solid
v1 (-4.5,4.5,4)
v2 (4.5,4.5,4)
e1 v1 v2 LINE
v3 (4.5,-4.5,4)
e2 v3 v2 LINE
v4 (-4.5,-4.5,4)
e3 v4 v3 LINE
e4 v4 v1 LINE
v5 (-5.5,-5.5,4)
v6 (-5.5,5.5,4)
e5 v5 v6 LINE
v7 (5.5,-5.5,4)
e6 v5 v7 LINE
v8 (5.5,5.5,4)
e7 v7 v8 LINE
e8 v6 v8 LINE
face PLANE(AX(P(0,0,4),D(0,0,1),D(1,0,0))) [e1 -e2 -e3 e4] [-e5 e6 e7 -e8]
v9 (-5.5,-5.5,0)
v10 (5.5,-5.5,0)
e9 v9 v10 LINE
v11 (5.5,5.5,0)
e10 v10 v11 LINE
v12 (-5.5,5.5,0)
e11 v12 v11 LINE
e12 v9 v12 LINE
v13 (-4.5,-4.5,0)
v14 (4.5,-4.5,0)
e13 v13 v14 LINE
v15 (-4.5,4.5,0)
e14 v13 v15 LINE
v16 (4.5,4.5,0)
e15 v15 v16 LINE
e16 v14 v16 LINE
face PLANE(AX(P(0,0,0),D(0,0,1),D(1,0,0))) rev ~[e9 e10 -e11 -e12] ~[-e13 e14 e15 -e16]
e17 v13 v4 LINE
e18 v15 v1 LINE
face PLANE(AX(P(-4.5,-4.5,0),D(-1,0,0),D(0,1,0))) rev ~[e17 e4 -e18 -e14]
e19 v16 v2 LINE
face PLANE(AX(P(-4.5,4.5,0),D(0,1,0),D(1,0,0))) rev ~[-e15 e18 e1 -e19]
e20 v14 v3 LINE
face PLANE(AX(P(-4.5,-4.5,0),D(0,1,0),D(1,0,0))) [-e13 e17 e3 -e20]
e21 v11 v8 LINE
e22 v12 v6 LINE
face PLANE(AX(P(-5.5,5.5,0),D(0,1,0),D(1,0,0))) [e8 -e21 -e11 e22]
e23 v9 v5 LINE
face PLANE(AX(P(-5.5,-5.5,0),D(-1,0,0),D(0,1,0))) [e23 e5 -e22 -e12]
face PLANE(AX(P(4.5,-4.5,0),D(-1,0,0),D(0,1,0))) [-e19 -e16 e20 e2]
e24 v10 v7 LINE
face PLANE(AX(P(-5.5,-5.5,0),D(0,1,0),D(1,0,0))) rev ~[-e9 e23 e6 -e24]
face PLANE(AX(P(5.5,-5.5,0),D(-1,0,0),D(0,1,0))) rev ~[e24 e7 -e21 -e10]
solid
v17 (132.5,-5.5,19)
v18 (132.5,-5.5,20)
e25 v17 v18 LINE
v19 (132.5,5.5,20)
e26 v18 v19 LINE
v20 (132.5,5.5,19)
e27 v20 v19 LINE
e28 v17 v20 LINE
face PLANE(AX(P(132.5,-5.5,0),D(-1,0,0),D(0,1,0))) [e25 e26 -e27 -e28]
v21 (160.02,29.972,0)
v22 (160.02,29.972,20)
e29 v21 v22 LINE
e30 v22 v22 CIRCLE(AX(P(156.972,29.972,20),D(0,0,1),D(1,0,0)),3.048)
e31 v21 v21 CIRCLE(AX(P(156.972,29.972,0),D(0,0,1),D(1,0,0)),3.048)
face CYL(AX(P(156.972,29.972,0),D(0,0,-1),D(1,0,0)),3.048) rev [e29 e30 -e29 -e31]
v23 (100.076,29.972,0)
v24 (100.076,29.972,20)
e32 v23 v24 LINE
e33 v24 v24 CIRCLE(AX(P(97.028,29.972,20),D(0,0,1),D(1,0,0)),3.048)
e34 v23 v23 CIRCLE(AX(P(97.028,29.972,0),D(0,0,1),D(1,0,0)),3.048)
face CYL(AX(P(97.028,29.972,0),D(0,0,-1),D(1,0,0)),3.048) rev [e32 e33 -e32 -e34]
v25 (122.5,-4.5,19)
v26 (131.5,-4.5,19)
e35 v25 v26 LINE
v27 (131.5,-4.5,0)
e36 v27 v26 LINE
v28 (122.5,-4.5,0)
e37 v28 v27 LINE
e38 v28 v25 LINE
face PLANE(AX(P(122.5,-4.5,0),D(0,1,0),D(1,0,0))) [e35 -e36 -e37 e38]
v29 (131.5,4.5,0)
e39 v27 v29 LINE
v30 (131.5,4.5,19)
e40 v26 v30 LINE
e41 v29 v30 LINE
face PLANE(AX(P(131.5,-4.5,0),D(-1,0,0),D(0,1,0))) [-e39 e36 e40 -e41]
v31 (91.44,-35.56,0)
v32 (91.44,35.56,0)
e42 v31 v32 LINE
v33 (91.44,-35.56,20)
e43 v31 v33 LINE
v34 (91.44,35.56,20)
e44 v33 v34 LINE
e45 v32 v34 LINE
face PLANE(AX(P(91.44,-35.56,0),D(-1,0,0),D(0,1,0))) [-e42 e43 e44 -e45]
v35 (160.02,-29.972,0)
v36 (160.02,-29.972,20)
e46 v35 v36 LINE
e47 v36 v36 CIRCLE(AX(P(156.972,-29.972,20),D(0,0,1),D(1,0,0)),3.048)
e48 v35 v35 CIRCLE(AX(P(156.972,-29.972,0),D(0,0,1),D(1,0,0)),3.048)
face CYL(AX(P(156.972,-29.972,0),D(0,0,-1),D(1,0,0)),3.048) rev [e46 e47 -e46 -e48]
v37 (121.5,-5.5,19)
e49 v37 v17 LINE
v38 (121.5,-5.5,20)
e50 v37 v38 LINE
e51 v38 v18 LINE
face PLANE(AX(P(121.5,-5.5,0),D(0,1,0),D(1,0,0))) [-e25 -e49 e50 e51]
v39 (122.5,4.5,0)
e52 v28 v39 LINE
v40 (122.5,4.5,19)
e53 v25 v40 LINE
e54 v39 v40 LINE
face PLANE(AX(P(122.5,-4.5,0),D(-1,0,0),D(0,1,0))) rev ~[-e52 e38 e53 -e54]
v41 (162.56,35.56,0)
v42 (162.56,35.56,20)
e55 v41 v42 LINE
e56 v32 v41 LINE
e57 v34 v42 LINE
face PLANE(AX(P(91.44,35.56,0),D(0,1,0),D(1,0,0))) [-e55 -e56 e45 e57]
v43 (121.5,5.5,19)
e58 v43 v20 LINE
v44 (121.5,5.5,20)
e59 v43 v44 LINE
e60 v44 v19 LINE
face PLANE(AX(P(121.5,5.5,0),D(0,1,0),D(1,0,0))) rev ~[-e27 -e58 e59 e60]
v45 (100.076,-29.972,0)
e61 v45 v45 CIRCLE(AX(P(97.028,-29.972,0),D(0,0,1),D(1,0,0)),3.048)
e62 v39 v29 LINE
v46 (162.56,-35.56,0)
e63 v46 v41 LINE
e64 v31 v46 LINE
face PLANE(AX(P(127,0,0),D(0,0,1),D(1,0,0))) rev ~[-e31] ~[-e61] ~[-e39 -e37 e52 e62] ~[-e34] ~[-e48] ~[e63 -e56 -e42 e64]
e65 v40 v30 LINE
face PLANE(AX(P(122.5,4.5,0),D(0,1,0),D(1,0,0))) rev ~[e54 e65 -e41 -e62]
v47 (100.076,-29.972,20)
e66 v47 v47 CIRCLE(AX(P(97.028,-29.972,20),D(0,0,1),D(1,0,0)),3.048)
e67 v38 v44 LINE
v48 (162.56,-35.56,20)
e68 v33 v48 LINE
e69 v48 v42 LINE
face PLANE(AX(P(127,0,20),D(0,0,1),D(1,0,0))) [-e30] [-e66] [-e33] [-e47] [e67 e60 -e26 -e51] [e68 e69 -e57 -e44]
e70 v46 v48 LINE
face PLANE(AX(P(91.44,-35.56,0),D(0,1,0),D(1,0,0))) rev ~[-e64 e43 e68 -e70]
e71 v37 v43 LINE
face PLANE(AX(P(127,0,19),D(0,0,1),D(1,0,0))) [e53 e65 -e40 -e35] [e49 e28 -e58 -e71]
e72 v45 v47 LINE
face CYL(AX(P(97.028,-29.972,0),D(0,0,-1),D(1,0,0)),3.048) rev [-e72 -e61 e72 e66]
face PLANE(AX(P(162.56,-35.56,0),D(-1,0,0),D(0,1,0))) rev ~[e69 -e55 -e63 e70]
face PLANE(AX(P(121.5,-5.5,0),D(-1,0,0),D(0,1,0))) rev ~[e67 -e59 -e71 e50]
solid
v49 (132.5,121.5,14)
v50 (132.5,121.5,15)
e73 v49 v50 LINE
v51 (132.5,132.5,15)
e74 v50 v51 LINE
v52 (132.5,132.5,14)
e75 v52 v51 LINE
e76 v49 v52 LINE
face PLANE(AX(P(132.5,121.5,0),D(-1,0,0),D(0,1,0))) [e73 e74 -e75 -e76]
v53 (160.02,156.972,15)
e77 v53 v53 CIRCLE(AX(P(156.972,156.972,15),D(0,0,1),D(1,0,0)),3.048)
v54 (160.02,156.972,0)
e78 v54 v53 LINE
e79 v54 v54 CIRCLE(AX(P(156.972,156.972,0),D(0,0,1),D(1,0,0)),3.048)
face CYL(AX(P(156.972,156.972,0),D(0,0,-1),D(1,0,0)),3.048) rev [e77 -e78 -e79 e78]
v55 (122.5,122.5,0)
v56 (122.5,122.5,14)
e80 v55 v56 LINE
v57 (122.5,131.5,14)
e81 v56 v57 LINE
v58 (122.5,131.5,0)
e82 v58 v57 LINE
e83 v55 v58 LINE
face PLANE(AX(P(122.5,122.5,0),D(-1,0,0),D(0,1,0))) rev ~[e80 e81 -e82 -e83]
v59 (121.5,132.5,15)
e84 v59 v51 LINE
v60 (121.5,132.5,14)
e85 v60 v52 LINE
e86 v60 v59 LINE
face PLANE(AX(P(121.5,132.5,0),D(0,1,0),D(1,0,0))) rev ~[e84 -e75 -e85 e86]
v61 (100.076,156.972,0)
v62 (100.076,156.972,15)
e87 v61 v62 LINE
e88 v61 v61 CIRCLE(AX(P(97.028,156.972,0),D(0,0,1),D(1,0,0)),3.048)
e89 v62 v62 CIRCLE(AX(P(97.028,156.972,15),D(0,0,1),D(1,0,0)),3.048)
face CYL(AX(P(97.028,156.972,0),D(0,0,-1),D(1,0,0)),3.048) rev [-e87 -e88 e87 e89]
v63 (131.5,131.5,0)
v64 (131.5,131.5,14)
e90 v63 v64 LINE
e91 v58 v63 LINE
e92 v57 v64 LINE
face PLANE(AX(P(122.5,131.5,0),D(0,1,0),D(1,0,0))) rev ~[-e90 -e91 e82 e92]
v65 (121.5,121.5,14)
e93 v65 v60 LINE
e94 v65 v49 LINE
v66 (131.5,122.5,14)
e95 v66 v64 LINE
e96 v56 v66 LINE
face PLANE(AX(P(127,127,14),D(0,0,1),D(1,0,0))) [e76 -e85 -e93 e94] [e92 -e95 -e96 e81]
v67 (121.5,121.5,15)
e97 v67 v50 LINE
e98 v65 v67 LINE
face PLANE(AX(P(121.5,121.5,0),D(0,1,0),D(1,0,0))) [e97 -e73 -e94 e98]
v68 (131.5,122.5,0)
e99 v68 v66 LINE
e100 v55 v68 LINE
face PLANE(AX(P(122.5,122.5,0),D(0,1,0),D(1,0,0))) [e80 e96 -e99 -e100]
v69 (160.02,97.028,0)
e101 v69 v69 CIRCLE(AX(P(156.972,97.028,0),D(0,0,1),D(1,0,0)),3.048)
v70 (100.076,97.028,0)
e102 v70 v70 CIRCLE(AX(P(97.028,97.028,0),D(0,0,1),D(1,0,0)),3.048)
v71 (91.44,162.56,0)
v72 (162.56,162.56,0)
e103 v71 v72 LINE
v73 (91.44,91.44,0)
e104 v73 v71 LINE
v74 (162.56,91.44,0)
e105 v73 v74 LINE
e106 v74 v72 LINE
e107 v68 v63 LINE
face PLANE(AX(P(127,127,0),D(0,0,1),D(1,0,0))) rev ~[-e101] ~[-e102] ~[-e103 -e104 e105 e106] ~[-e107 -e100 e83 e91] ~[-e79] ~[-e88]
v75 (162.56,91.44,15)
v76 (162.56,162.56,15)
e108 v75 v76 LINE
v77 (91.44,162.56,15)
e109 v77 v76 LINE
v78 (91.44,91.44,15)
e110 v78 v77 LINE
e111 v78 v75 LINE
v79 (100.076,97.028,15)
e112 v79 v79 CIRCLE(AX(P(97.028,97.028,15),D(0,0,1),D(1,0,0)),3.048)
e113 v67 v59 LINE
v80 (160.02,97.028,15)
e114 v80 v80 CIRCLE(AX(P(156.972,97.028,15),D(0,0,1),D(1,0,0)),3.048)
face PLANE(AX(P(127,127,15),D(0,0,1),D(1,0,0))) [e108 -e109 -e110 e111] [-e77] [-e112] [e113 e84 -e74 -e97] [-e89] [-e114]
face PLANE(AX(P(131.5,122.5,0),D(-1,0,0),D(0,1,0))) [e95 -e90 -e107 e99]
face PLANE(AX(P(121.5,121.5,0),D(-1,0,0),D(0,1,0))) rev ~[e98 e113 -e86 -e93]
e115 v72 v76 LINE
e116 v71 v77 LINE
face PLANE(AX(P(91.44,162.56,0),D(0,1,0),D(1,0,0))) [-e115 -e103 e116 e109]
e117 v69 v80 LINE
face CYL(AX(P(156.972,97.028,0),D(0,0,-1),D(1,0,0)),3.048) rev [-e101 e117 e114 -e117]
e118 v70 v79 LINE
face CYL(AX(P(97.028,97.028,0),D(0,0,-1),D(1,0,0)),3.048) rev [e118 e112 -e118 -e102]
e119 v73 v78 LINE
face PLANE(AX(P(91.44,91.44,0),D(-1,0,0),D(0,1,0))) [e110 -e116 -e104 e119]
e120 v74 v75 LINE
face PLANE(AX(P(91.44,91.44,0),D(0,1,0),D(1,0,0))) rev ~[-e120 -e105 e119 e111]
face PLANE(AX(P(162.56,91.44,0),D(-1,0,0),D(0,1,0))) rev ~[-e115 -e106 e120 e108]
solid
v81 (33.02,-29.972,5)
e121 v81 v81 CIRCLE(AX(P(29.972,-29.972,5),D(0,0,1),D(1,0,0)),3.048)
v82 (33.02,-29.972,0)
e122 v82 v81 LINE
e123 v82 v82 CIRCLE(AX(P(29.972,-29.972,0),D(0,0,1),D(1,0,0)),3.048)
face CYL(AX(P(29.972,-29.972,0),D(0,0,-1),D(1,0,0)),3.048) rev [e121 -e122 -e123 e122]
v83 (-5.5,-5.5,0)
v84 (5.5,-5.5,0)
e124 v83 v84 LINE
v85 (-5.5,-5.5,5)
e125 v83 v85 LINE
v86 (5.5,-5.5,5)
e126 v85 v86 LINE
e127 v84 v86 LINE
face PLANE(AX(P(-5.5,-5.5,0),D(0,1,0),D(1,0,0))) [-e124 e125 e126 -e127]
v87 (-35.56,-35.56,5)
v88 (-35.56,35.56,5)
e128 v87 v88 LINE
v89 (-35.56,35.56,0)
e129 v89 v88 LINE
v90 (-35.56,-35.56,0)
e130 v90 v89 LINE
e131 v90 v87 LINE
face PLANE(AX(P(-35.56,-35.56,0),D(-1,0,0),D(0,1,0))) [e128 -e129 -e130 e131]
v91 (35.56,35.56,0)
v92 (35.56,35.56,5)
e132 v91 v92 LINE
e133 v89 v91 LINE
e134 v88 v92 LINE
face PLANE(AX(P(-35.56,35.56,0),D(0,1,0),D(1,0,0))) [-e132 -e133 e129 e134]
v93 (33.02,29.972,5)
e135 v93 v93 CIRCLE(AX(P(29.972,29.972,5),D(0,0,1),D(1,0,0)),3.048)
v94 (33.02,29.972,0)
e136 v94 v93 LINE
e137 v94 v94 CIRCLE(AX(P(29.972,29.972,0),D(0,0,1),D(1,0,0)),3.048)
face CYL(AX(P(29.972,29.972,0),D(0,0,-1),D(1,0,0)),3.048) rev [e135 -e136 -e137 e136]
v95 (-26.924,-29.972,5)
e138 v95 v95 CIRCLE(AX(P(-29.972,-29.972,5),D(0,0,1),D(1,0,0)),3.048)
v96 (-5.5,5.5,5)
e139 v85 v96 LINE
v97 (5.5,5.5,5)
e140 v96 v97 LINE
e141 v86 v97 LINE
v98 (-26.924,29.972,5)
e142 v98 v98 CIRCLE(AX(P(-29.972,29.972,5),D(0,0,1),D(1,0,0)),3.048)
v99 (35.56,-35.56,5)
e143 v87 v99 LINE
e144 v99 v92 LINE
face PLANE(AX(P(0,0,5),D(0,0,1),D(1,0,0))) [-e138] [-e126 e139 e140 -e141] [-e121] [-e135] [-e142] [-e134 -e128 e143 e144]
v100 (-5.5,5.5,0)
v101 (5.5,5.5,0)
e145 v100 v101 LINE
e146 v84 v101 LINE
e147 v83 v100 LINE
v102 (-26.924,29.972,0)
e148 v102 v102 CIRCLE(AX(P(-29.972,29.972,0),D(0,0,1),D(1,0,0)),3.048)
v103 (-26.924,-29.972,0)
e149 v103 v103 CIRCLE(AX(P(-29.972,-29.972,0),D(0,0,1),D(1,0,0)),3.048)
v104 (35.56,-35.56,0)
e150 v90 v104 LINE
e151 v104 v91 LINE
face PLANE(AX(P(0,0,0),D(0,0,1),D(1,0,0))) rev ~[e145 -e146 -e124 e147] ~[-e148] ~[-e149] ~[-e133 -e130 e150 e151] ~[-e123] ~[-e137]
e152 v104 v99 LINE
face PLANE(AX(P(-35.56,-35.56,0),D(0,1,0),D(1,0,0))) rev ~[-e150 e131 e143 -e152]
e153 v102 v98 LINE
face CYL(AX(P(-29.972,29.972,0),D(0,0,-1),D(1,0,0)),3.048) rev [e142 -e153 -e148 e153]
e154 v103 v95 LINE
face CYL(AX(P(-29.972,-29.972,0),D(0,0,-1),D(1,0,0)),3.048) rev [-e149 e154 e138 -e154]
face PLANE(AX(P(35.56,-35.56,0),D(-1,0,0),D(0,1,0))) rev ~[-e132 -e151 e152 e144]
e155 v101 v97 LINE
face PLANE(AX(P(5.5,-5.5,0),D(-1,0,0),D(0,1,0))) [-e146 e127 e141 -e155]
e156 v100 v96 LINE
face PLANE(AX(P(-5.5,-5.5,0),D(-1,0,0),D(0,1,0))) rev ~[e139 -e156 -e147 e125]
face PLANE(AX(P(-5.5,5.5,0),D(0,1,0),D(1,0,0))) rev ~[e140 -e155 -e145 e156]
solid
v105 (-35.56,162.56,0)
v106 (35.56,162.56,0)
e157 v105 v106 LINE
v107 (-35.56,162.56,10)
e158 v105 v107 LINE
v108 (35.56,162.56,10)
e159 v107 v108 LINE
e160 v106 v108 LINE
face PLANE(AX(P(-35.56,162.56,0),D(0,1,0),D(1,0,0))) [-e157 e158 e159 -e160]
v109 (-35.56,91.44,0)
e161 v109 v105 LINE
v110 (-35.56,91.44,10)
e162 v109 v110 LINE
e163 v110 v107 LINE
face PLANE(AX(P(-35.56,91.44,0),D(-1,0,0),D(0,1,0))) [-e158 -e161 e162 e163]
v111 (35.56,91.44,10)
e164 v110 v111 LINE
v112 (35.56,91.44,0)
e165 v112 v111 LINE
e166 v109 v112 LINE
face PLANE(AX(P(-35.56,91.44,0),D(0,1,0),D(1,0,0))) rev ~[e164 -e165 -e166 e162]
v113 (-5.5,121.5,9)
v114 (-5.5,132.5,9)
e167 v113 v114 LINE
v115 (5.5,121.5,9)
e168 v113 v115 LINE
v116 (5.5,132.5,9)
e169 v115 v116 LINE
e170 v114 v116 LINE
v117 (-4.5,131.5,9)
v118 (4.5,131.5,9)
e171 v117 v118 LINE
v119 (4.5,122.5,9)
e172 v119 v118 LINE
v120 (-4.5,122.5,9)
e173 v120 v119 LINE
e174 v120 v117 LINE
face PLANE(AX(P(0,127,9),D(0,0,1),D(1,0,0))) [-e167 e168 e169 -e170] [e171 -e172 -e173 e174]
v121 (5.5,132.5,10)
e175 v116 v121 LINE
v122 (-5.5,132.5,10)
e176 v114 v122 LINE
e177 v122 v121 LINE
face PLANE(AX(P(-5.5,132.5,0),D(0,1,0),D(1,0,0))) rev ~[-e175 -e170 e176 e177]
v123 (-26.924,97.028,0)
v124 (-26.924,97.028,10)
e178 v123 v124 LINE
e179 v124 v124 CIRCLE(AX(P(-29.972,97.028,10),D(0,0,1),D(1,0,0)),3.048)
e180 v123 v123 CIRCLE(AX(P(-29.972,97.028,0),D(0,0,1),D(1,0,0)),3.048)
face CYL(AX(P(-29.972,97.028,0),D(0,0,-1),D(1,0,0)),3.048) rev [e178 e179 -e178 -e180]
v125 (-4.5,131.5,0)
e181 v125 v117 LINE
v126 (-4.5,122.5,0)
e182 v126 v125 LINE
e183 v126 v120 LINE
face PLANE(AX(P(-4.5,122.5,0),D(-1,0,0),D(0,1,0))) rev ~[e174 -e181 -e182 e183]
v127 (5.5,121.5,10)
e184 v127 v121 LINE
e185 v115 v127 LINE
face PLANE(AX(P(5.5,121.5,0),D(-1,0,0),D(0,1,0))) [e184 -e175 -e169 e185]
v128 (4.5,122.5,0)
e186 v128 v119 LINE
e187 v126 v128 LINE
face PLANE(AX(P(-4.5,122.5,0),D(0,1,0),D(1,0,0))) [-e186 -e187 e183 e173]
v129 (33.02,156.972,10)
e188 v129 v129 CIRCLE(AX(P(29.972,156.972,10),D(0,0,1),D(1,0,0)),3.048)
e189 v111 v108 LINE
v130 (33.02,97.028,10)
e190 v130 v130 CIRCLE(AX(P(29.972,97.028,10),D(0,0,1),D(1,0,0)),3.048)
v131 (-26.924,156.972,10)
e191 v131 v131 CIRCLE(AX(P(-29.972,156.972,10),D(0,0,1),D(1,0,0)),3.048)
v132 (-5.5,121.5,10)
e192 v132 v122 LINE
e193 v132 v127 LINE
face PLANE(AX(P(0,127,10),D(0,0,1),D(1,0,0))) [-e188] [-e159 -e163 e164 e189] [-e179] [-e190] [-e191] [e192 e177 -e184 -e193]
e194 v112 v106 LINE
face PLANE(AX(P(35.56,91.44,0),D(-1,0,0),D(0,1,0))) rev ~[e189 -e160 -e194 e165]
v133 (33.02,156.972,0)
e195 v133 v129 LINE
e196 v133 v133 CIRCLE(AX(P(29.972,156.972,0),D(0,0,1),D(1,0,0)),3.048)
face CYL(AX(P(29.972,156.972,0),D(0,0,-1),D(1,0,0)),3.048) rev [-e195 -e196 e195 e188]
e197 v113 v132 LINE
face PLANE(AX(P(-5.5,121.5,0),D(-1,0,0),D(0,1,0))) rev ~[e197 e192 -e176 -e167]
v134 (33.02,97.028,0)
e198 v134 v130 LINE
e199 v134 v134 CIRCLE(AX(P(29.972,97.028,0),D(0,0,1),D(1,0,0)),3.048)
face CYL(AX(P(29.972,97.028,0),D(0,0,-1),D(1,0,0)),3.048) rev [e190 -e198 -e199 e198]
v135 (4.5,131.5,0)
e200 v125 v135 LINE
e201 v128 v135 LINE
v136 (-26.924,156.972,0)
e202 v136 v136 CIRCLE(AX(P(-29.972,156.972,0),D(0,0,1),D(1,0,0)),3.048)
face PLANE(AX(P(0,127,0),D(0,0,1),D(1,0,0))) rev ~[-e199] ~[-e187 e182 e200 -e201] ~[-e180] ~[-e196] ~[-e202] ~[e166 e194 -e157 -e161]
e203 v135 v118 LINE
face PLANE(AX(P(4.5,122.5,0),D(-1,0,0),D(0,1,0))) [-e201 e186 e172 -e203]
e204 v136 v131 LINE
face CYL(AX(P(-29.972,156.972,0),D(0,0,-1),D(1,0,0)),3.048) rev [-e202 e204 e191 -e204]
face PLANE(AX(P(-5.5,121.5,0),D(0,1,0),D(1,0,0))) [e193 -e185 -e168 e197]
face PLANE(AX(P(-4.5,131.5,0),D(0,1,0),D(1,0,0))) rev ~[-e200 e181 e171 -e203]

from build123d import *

# Parameters (mm, degrees)
F0_W     = 71.12
F0_H     = 71.12
F0_R     = 3.048
F0_W_2   = 11
F0_H_2   = 11
F1_DEPTH = 5
F2_DEPTH = 10
F3_DEPTH = 15
F4_DEPTH = 20
F0_W_3   = 9
F0_H_3   = 9
F5_DEPTH = 4
F6_DEPTH = 9
F7_DEPTH = 14
F8_DEPTH = 19


with BuildPart() as f1:
    # F0 (on Top) → F1 (new body)
    with BuildSketch(Plane.XY):
        Rectangle(F0_W, F0_H)
        with Locations((-29.972, -29.972)):
            Circle(F0_R, mode=Mode.SUBTRACT)
        Rectangle(F0_W_2, F0_H_2, mode=Mode.SUBTRACT)
        with Locations((29.972, -29.972)):
            Circle(F0_R, mode=Mode.SUBTRACT)
        with Locations((-29.972, 29.972)):
            Circle(F0_R, mode=Mode.SUBTRACT)
        with Locations((29.972, 29.972)):
            Circle(F0_R, mode=Mode.SUBTRACT)
    extrude(amount=F1_DEPTH)


with BuildPart() as f2:
    # F0 (on Top) → F2 (new body)
    with BuildSketch(Plane.XY):
        with Locations((0, 127)):
            Rectangle(F0_W, F0_H)
        with Locations((-29.972, 97.028)):
            Circle(F0_R, mode=Mode.SUBTRACT)
        with Locations((29.972, 97.028)):
            Circle(F0_R, mode=Mode.SUBTRACT)
        with Locations((0, 127)):
            Rectangle(F0_W_2, F0_H_2, mode=Mode.SUBTRACT)
        with Locations((-29.972, 156.972)):
            Circle(F0_R, mode=Mode.SUBTRACT)
        with Locations((29.972, 156.972)):
            Circle(F0_R, mode=Mode.SUBTRACT)
    extrude(amount=F2_DEPTH)

    # F0 (on Top) → F6 (join)
    with BuildSketch(Plane.XY):
        with Locations((0, 127)):
            Rectangle(F0_W_2, F0_H_2)
        with Locations((0, 127)):
            Rectangle(F0_W_3, F0_H_3, mode=Mode.SUBTRACT)
    extrude(amount=F6_DEPTH)


with BuildPart() as f3:
    # F0 (on Top) → F3 (new body)
    with BuildSketch(Plane.XY):
        with Locations((127, 127)):
            Rectangle(F0_W, F0_H)
        with Locations((97.028, 97.028)):
            Circle(F0_R, mode=Mode.SUBTRACT)
        with Locations((156.972, 97.028)):
            Circle(F0_R, mode=Mode.SUBTRACT)
        with Locations((97.028, 156.972)):
            Circle(F0_R, mode=Mode.SUBTRACT)
        with Locations((127, 127)):
            Rectangle(F0_W_2, F0_H_2, mode=Mode.SUBTRACT)
        with Locations((156.972, 156.972)):
            Circle(F0_R, mode=Mode.SUBTRACT)
    extrude(amount=F3_DEPTH)

    # F0 (on Top) → F7 (join)
    with BuildSketch(Plane.XY):
        with Locations((127, 127)):
            Rectangle(F0_W_2, F0_H_2)
        with Locations((127, 127)):
            Rectangle(F0_W_3, F0_H_3, mode=Mode.SUBTRACT)
    extrude(amount=F7_DEPTH)


with BuildPart() as f4:
    # F0 (on Top) → F4 (new body)
    with BuildSketch(Plane.XY):
        with Locations((127, 0)):
            Rectangle(F0_W, F0_H)
        with Locations((97.028, -29.972)):
            Circle(F0_R, mode=Mode.SUBTRACT)
        with Locations((156.972, -29.972)):
            Circle(F0_R, mode=Mode.SUBTRACT)
        with Locations((127, 0)):
            Rectangle(F0_W_2, F0_H_2, mode=Mode.SUBTRACT)
        with Locations((97.028, 29.972)):
            Circle(F0_R, mode=Mode.SUBTRACT)
        with Locations((156.972, 29.972)):
            Circle(F0_R, mode=Mode.SUBTRACT)
    extrude(amount=F4_DEPTH)

    # F0 (on Top) → F8 (join)
    with BuildSketch(Plane.XY):
        with Locations((127, 0)):
            Rectangle(F0_W_2, F0_H_2)
        with Locations((127, 0)):
            Rectangle(F0_W_3, F0_H_3, mode=Mode.SUBTRACT)
    extrude(amount=F8_DEPTH)


with BuildPart() as f5:
    # F0 (on Top) → F5 (new body)
    with BuildSketch(Plane.XY):
        Rectangle(F0_W_2, F0_H_2)
        Rectangle(F0_W_3, F0_H_3, mode=Mode.SUBTRACT)
    extrude(amount=F5_DEPTH)


solid = Compound([f1.part, f2.part, f3.part, f4.part, f5.part])
